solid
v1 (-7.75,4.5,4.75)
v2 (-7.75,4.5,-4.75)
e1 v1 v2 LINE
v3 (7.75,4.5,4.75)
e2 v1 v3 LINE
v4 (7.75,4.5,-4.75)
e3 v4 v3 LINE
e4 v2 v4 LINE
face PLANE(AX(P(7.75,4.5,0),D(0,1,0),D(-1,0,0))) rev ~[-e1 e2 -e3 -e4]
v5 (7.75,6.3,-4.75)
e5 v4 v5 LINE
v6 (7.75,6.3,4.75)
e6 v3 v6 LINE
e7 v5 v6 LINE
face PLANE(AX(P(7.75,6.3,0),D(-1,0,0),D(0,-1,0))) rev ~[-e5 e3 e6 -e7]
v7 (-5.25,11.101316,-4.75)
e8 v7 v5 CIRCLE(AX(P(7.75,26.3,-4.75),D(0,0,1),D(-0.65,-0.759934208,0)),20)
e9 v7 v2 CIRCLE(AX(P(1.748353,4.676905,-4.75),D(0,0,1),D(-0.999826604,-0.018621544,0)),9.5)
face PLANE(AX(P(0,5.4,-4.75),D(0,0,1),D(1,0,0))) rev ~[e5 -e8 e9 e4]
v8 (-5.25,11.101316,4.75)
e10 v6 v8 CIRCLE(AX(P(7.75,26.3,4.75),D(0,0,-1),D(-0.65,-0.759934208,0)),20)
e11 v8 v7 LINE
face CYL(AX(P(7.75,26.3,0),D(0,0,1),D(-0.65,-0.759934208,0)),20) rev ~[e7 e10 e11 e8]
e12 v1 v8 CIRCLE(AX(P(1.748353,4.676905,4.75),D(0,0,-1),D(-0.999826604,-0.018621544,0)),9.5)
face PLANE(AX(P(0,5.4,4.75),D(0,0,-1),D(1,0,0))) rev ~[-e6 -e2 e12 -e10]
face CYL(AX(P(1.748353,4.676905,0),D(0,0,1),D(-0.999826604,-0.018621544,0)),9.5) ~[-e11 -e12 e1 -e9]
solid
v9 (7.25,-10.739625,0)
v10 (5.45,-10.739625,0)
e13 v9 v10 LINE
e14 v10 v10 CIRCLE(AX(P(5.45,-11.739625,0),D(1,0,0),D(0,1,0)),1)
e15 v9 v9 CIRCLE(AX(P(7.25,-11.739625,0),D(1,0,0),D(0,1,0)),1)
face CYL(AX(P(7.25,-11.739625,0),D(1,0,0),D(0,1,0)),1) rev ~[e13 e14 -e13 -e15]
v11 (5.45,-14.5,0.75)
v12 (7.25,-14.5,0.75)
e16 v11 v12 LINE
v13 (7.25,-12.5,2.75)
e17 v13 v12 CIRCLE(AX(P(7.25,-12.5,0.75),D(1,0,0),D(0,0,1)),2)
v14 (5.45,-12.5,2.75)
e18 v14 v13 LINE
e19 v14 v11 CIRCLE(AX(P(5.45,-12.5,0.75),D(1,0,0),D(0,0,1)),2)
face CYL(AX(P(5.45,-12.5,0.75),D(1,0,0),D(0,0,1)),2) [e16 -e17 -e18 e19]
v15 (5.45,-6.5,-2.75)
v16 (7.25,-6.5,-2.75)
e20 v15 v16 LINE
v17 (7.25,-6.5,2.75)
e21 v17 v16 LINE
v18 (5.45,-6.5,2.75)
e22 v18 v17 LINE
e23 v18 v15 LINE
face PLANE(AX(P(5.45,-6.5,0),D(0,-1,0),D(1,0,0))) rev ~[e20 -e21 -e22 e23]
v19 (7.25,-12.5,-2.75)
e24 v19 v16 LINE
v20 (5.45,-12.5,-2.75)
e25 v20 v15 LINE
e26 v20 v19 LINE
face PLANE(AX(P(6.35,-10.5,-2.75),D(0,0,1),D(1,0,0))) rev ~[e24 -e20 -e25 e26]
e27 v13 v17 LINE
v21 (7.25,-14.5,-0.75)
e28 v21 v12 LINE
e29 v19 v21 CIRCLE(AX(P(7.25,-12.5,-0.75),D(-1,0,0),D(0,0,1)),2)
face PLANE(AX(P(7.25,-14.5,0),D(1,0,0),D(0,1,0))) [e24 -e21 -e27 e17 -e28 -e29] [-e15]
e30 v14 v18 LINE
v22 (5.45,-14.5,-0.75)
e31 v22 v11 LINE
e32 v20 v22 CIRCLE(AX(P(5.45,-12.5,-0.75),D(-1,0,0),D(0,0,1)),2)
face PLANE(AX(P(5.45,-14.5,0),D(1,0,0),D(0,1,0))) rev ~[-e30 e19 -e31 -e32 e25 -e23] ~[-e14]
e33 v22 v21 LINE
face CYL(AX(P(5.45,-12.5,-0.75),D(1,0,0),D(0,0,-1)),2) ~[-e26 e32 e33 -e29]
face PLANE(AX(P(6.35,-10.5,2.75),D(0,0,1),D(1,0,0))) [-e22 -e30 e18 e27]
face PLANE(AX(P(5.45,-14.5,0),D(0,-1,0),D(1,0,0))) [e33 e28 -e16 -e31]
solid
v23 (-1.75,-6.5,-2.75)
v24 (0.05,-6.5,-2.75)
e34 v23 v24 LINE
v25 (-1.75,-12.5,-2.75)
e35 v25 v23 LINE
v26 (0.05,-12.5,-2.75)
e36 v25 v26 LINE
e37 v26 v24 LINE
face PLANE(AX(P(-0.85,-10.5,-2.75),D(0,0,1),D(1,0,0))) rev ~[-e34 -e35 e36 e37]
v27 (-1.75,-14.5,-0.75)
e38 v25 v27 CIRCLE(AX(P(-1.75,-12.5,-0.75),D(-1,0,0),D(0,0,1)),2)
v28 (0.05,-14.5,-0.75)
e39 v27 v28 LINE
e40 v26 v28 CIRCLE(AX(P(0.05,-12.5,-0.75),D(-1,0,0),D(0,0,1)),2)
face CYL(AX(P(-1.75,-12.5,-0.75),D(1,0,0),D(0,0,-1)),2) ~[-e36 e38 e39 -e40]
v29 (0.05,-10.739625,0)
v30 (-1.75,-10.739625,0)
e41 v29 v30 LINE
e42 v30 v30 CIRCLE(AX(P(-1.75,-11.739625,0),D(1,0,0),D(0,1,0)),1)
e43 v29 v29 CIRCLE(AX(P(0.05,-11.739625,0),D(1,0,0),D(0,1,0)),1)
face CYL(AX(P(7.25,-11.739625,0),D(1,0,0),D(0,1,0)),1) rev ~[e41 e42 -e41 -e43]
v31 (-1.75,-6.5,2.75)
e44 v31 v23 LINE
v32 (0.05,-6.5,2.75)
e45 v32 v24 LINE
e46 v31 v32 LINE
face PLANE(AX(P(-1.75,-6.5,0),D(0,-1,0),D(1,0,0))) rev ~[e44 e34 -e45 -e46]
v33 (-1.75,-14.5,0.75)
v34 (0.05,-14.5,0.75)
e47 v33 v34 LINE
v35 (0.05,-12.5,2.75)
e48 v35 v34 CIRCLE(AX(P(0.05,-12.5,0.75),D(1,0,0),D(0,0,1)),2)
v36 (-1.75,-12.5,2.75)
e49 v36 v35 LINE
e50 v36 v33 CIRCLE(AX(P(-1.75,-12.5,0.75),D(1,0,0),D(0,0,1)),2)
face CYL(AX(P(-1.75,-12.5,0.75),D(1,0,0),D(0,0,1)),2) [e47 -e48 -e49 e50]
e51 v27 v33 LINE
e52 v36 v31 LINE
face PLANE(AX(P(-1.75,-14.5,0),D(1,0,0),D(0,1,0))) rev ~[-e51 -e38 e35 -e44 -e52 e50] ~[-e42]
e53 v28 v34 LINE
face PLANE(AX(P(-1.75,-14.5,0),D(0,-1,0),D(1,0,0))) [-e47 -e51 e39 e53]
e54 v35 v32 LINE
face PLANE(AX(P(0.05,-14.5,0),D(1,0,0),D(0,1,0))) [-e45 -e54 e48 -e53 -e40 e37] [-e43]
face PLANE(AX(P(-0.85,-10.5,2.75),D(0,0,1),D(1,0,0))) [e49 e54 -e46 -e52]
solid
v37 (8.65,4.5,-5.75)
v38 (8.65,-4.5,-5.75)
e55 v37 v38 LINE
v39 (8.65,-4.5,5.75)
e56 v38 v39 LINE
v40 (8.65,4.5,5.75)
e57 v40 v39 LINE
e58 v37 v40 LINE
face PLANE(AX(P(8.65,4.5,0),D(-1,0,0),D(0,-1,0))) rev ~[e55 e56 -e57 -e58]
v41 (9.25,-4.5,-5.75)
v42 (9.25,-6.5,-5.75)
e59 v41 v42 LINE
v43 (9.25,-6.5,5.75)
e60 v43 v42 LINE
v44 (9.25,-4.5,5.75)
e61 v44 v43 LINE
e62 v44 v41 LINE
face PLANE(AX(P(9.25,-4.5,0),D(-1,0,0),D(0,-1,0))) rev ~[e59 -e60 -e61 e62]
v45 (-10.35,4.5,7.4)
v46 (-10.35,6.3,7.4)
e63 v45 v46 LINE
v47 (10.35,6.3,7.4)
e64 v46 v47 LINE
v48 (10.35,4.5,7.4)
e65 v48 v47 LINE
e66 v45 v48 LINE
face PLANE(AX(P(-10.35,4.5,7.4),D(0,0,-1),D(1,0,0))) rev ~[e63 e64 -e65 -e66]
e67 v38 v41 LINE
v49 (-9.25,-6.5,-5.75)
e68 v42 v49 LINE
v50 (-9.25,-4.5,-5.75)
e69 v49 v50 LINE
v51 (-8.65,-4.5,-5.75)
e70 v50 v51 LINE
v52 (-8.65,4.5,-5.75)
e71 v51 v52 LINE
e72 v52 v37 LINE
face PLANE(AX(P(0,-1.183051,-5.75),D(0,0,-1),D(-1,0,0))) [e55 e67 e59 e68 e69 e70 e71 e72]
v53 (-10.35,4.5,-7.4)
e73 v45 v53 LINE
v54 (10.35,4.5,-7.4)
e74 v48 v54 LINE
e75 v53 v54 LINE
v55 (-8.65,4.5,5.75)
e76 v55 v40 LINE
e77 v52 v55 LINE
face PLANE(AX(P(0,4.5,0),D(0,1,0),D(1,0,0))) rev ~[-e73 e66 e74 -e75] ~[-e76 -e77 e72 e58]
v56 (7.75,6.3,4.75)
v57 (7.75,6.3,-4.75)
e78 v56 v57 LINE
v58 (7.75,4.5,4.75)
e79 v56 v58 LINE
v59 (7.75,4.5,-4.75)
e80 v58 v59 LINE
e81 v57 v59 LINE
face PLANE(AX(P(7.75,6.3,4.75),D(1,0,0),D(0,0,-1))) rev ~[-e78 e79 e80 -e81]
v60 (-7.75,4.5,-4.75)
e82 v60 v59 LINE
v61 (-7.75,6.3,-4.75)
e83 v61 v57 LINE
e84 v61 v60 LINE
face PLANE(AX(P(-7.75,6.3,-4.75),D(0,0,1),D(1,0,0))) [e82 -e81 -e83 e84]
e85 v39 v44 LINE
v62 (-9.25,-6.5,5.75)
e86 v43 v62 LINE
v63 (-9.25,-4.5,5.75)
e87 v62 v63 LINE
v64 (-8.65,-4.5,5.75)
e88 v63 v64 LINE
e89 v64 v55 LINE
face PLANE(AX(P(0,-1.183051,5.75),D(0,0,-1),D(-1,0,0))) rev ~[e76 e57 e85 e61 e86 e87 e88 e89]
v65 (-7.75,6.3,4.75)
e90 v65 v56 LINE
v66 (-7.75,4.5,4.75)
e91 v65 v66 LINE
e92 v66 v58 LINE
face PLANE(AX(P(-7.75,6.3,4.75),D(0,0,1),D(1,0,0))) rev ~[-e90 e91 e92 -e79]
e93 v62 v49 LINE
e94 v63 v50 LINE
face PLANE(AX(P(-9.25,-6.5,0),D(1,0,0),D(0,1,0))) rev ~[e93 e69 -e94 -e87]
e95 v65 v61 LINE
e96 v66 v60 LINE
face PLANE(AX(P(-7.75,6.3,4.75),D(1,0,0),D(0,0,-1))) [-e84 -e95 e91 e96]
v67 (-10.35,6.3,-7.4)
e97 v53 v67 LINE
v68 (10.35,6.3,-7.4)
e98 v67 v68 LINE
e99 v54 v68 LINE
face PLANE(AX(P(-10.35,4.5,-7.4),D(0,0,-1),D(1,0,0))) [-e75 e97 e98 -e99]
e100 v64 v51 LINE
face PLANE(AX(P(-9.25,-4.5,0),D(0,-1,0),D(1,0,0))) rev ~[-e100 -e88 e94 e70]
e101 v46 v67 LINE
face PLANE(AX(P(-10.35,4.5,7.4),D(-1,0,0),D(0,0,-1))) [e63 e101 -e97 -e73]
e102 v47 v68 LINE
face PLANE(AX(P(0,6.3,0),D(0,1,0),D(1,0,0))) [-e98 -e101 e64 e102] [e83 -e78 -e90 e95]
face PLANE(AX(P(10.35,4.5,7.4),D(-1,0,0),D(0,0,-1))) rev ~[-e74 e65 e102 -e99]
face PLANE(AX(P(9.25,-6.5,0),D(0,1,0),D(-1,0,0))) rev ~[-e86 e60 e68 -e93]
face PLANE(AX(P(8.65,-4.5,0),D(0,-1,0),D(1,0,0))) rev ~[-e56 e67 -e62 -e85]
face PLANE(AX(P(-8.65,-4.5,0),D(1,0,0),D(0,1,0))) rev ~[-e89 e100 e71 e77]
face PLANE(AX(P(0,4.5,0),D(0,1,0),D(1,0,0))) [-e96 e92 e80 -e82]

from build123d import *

# Parameters (mm, degrees)
SALIENTE_EXTRUIR1_DEPTH             = 5.75
CROQUIS2_W                          = 20.7
CROQUIS2_H                          = 14.8
SALIENTE_EXTRUIR2_DEPTH             = 1.8
CROQUIS3_W                          = 15.5
CROQUIS3_H                          = 9.5
CORTAR_EXTRUIR1_DEPTH               = 1.8
SALIENTE_EXTRUIR3_REACH             = 16.287
SALIENTE_EXTRUIR3_DIRECTION_2_REACH = 16.287
CROQUIS7_W                          = 1.8
CROQUIS7_H                          = 8
SALIENTE_EXTRUIR4_DEPTH             = 2.75
SALIENTE_EXTRUIR4_2_DEPTH           = 2.75
REDONDEO1_R                         = 2
REDONDEO2_R                         = 2
CROQUIS9_R                          = 1
CORTAR_EXTRUIR2_DEPTH               = 24.974361305


with BuildPart() as part:
    # Croquis1 → Saliente-Extruir1 (new, symmetric)
    with BuildSketch(Plane.XY):
        Polygon((8.65, -4.5), (9.25, -4.5), (9.25, -6.5), (-9.25, -6.5), (-9.25, -4.5), (-8.65, -4.5), (-8.65, 4.5), (8.65, 4.5), align=None)
    extrude(amount=SALIENTE_EXTRUIR1_DEPTH, both=True)

    # Croquis2 → Saliente-Extruir2 (add)
    with BuildSketch(Plane(origin=(0, 4.5, 0), x_dir=(1, 0, 0), z_dir=(0, 1, 0))):
        Rectangle(CROQUIS2_W, CROQUIS2_H)
    extrude(amount=SALIENTE_EXTRUIR2_DEPTH)

    # Croquis3 → Cortar-Extruir1 (cut)
    with BuildSketch(Plane(origin=(0, 6.3, 0), x_dir=(1, 0, 0), z_dir=(0, 1, 0))):
        Rectangle(CROQUIS3_W, CROQUIS3_H)
    extrude(amount=-CORTAR_EXTRUIR1_DEPTH, mode=Mode.SUBTRACT)


with BuildPart() as body_2:

    # Saliente-Extruir3: up to this face of the body (flat: up to its plane)
    saliente_extruir3_end = Plane(part.part.faces().sort_by_distance((0, 5.4, 4.75))[0])
    # Croquis4 → Saliente-Extruir3 (new, up to the picked face)
    with BuildSketch(Plane.XY, mode=Mode.PRIVATE) as saliente_extruir3_sk1:
        with BuildLine():
            Line((7.75, 4.5), (-7.75, 4.5))
            ThreePointArc((-7.75, 4.5), (-7.13588418, 8.041475131), (-5.25, 11.101315846))
            ThreePointArc((-5.25, 11.101315846), (0.820847204, 7.538687638), (7.75, 6.3))
            Line((7.75, 6.3), (7.75, 4.5))
        make_face()
    saliente_extruir3_tool1 = split(extrude(saliente_extruir3_sk1.sketch, amount=SALIENTE_EXTRUIR3_REACH, mode=Mode.PRIVATE), bisect_by=saliente_extruir3_end, keep=Keep.BOTH, mode=Mode.PRIVATE)
    add(saliente_extruir3_tool1.solids().sort_by(Axis((-1.534706, 6.575986, 0), (0, 0, 1)))[0])


    # Saliente-Extruir3 direction 2: up to this face of the body (flat: up to its plane)
    saliente_extruir3_direction_2_end = Plane(part.part.faces().sort_by_distance((0, 5.4, -4.75))[0])
    # Croquis4 → Saliente-Extruir3 direction 2 (add, up to the picked face)
    with BuildSketch(Plane.XY, mode=Mode.PRIVATE) as saliente_extruir3_direction_2_sk1:
        with BuildLine():
            Line((7.75, 4.5), (-7.75, 4.5))
            ThreePointArc((-7.75, 4.5), (-7.13588418, 8.041475131), (-5.25, 11.101315846))
            ThreePointArc((-5.25, 11.101315846), (0.820847204, 7.538687638), (7.75, 6.3))
            Line((7.75, 6.3), (7.75, 4.5))
        make_face()
    saliente_extruir3_direction_2_tool1 = split(extrude(saliente_extruir3_direction_2_sk1.sketch, amount=-SALIENTE_EXTRUIR3_DIRECTION_2_REACH, mode=Mode.PRIVATE), bisect_by=saliente_extruir3_direction_2_end, keep=Keep.BOTH, mode=Mode.PRIVATE)
    add(saliente_extruir3_direction_2_tool1.solids().sort_by(Axis((-1.534706, 6.575986, 0), (0, 0, -1)))[0])


with BuildPart() as body_3:
    # Croquis7 → Saliente-Extruir4 (new, symmetric)
    with BuildSketch(Plane.XY):
        with Locations((6.35, -10.5)):
            Rectangle(CROQUIS7_W, CROQUIS7_H)
    extrude(amount=SALIENTE_EXTRUIR4_DEPTH, both=True)

    # Redondeo2
    redondeo2_edges = [body_3.edges().sort_by_distance(p)[0] for p in [
        (6.35, -14.5, -2.75),
        (6.35, -14.5, 2.75),
    ]]
    fillet(redondeo2_edges, radius=REDONDEO2_R)


with BuildPart() as body_4:
    # Croquis7 → Saliente-Extruir4 2 (new, symmetric)
    with BuildSketch(Plane.XY):
        with Locations((-0.85, -10.5)):
            Rectangle(CROQUIS7_W, CROQUIS7_H)
    extrude(amount=SALIENTE_EXTRUIR4_2_DEPTH, both=True)

    # Redondeo1
    redondeo1_edges = [body_4.edges().sort_by_distance(p)[0] for p in [
        (-0.85, -14.5, 2.75),
        (-0.85, -14.5, -2.75),
    ]]
    fillet(redondeo1_edges, radius=REDONDEO1_R)


with BuildPart() as cortar_extruir2_tool:
    # Croquis9 → Cortar-Extruir2 (new, through all)
    with BuildSketch(Plane(origin=(7.25, 0, 0), x_dir=(0, 0, -1), z_dir=(1, 0, 0))):
        with Locations(Location((0, -11.739625203, 0), (0, 0, 90))):
            Circle(CROQUIS9_R)
    extrude(amount=-CORTAR_EXTRUIR2_DEPTH)


with BuildPart() as body_3_1:
    add(body_3.part)

    # Cortar-Extruir2: cut by cortar_extruir2_tool
    add(cortar_extruir2_tool.part, mode=Mode.SUBTRACT)


with BuildPart() as body_4_1:
    add(body_4.part)

    # Cortar-Extruir2: cut by cortar_extruir2_tool
    add(cortar_extruir2_tool.part, mode=Mode.SUBTRACT)


solid = Compound([part.part, body_2.part, body_3_1.part, body_4_1.part])
